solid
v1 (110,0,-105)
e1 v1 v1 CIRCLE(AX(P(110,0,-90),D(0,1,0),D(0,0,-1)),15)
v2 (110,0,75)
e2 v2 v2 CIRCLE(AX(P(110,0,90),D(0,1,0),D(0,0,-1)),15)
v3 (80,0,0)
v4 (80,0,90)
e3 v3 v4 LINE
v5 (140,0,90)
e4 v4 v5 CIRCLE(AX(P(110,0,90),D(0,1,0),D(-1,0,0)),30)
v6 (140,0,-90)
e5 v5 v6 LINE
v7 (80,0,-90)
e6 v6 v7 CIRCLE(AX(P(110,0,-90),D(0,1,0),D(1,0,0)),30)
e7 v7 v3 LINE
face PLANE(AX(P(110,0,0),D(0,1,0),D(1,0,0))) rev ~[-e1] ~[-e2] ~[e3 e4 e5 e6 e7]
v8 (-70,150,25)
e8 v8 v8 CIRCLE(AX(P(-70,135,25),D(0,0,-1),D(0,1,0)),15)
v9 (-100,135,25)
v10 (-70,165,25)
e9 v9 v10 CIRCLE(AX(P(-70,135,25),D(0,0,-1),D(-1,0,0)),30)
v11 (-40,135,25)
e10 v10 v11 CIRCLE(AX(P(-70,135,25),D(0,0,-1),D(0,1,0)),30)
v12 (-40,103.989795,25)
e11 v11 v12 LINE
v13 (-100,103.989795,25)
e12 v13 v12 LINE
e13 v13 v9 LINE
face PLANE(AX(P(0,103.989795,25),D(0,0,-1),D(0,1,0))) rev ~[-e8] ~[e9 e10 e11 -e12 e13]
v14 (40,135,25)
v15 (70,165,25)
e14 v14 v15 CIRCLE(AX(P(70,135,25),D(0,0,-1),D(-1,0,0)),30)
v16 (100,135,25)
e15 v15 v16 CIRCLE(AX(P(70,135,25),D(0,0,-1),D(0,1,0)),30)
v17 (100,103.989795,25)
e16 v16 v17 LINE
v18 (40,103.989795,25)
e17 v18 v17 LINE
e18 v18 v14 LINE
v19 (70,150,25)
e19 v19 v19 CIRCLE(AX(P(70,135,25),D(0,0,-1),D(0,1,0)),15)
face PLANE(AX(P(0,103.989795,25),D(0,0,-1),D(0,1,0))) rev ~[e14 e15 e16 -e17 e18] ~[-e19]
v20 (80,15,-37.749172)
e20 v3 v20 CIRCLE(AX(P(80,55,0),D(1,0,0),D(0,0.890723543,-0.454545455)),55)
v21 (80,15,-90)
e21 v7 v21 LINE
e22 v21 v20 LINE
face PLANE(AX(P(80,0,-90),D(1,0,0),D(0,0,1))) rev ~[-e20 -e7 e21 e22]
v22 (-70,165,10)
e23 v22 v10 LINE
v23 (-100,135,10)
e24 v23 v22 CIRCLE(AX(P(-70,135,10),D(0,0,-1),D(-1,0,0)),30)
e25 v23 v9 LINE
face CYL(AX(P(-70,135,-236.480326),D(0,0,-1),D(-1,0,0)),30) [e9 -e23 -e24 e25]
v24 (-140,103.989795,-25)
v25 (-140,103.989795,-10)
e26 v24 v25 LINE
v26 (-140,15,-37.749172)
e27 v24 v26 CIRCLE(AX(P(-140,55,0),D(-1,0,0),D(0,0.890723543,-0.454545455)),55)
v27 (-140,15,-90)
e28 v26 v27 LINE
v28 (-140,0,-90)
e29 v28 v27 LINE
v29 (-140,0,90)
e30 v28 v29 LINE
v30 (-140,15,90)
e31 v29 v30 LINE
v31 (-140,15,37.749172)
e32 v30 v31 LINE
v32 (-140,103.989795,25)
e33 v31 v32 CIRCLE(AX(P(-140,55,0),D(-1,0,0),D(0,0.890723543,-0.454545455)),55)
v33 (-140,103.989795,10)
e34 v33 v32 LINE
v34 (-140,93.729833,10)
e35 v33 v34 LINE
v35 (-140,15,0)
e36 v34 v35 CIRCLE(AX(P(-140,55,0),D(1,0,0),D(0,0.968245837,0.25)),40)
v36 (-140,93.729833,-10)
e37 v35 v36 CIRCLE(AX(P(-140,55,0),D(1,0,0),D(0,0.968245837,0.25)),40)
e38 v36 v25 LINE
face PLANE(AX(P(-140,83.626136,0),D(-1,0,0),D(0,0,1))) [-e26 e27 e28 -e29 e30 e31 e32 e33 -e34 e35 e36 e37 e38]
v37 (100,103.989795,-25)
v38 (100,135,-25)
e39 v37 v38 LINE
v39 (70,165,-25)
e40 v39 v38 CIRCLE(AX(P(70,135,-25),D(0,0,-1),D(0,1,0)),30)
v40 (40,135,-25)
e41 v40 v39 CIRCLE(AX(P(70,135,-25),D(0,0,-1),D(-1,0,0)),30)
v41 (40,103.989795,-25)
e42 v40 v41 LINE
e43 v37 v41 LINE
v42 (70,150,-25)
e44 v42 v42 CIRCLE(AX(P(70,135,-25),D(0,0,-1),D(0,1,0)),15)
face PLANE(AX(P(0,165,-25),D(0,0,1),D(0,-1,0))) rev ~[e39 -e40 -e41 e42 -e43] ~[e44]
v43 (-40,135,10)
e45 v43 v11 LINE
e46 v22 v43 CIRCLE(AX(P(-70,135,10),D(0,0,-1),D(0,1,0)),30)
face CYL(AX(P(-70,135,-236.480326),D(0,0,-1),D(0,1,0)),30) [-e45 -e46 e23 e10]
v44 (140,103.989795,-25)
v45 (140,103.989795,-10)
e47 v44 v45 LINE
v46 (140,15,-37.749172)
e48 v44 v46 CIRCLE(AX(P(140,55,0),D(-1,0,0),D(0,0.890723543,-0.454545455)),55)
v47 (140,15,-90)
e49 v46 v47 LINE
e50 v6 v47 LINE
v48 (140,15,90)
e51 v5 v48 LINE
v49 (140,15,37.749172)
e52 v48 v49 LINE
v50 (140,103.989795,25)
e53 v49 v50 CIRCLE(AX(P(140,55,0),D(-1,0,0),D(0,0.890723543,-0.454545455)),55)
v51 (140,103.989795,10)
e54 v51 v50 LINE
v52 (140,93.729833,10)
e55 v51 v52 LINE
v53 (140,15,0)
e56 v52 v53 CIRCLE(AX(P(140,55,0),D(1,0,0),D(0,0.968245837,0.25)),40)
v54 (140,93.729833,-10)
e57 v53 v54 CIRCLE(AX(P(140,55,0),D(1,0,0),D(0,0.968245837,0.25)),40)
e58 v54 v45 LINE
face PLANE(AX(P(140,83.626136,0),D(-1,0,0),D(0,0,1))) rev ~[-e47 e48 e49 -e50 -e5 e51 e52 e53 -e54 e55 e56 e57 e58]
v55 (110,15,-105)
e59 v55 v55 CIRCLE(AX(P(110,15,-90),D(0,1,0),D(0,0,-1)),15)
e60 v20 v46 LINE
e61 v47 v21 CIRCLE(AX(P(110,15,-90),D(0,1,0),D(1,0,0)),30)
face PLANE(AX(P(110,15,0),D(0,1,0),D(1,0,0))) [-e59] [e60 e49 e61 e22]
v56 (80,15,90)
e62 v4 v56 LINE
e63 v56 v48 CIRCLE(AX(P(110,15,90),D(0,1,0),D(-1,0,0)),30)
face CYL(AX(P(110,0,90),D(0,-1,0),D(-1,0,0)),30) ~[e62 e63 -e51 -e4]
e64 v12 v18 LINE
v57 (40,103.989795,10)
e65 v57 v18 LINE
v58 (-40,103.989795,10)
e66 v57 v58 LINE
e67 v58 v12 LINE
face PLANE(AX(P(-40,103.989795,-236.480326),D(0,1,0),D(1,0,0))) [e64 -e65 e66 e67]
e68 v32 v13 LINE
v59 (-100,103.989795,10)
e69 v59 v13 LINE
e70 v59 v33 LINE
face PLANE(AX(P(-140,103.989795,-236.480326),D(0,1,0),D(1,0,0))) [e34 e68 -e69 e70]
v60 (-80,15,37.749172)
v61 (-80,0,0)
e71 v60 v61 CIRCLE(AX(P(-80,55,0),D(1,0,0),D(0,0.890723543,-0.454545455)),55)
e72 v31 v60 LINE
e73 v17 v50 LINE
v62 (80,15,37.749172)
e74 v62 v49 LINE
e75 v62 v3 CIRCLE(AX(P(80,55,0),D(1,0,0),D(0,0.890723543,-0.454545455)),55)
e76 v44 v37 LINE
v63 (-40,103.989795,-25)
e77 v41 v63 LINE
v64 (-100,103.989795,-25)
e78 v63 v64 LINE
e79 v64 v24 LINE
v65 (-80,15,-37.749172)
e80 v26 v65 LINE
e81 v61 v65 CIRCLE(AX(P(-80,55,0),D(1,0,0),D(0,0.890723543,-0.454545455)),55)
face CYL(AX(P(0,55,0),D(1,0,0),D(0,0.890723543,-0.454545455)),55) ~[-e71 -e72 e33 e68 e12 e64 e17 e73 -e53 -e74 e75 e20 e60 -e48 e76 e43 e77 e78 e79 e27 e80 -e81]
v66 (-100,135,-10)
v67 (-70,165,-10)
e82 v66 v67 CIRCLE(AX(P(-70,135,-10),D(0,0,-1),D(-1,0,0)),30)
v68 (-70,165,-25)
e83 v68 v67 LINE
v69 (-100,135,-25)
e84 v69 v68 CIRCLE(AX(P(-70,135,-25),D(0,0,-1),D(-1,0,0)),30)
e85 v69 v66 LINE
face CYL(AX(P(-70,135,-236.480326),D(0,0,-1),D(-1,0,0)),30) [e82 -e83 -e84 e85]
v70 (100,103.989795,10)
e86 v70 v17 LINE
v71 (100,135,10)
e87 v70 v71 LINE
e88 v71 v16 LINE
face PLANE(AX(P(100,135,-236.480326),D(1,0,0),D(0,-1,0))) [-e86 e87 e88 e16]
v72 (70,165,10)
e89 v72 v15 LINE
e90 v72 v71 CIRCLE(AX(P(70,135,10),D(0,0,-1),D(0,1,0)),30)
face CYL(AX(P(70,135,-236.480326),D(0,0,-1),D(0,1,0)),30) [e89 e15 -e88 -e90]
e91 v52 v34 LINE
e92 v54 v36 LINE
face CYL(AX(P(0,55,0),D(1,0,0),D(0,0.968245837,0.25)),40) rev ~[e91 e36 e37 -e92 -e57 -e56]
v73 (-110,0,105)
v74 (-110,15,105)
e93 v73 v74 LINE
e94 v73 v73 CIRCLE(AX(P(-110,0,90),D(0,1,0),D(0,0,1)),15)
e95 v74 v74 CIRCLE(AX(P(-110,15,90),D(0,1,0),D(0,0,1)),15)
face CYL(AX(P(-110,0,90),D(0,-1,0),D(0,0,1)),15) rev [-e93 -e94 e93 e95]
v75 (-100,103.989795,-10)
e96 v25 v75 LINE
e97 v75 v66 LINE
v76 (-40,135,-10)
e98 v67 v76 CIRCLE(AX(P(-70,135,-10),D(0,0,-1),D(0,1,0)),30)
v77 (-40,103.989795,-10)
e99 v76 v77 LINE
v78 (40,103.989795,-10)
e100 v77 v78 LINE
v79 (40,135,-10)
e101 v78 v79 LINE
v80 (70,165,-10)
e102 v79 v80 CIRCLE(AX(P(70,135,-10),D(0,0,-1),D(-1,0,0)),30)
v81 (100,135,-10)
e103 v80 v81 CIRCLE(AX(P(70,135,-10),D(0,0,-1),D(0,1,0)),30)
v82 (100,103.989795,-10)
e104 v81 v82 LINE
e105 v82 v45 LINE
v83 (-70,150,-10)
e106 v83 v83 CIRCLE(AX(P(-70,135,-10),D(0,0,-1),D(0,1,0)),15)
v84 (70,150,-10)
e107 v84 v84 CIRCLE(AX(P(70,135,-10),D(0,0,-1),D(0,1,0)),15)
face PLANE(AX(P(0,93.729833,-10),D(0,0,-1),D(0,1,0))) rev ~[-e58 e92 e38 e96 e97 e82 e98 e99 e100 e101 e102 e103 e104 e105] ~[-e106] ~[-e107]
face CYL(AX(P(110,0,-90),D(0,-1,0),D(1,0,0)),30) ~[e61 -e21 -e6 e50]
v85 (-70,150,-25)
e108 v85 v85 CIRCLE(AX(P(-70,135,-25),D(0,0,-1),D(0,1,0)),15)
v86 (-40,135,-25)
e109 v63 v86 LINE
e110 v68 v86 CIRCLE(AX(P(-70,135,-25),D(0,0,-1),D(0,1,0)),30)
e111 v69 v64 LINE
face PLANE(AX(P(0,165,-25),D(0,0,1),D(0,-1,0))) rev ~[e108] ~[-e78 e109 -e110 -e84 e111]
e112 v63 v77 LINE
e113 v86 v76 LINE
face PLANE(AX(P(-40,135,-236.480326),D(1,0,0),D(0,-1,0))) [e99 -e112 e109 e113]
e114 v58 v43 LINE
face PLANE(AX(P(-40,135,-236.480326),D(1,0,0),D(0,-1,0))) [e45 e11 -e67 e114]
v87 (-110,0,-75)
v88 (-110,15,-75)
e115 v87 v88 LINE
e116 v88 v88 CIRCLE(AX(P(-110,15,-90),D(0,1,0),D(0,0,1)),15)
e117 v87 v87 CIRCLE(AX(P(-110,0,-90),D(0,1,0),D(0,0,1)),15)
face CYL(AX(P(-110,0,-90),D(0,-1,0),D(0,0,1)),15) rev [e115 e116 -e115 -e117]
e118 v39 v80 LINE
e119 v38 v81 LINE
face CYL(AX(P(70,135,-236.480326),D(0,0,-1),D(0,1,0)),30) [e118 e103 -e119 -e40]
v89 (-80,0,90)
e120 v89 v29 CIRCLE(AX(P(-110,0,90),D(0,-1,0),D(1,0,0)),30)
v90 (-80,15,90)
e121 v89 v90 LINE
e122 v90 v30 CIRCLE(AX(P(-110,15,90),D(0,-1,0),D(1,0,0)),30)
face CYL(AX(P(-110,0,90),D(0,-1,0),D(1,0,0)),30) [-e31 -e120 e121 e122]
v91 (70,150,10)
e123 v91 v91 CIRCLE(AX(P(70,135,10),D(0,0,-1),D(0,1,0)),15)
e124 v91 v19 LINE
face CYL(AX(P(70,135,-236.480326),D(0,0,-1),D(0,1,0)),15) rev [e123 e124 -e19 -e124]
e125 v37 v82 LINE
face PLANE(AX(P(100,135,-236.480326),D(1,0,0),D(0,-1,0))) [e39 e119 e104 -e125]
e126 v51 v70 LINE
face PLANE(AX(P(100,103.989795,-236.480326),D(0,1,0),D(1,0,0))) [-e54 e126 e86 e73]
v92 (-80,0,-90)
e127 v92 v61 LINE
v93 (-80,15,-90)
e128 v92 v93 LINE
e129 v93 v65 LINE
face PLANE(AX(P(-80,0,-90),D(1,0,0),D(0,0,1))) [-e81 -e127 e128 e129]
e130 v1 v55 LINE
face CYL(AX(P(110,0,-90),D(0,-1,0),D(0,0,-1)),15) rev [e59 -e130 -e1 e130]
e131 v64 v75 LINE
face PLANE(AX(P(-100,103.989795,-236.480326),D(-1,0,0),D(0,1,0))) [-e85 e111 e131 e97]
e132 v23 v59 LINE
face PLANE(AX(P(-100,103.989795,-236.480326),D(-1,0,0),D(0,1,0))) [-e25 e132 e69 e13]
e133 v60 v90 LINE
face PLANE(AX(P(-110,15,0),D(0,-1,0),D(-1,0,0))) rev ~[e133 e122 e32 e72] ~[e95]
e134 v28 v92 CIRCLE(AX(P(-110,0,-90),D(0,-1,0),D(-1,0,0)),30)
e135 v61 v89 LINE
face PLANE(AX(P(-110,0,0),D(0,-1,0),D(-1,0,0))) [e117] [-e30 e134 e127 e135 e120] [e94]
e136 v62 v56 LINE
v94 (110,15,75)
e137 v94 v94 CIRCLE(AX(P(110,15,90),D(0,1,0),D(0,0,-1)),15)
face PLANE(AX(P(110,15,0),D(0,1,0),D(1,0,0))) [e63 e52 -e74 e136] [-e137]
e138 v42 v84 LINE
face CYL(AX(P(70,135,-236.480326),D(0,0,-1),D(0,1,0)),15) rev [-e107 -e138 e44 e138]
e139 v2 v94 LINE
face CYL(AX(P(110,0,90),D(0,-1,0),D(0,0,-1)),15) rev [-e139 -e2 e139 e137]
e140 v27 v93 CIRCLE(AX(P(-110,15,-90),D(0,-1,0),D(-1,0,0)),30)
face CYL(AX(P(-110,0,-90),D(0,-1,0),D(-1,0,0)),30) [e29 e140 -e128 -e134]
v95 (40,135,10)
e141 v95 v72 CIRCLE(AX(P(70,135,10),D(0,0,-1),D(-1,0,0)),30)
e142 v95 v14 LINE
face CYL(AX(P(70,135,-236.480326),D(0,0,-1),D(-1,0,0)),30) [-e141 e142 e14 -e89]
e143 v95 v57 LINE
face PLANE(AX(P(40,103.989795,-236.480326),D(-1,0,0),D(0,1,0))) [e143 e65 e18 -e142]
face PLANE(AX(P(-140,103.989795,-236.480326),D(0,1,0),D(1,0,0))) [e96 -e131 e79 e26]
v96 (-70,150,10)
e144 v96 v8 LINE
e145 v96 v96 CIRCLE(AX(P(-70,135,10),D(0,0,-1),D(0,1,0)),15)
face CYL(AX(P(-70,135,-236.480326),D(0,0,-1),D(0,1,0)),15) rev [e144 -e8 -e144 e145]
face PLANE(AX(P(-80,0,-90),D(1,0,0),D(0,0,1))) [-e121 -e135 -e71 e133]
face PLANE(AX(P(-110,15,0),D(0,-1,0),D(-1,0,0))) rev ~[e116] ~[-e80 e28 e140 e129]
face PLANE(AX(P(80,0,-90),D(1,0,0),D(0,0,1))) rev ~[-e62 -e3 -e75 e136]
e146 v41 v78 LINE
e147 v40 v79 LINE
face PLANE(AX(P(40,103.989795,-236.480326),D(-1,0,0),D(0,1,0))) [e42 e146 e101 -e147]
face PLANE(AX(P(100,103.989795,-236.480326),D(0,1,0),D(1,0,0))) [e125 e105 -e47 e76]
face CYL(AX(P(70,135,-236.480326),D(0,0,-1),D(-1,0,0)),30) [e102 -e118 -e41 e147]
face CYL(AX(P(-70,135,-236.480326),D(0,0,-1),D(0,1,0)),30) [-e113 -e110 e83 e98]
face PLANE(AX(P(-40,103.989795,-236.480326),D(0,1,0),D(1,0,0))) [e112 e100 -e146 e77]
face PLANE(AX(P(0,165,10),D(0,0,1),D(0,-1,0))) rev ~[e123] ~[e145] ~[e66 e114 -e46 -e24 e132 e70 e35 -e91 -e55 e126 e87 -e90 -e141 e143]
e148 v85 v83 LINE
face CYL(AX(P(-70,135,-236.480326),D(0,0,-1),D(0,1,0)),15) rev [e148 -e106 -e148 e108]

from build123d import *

# Parameters (mm, degrees)
SKETCH2_R               = 15
BOSS_EXTRUDE1_DEPTH     = 15
BOSS_EXTRUDE1_2_DEPTH   = 15
BOSS_EXTRUDE2_DEPTH     = 140
CUT_EXTRUDE2_DEPTH      = 261.480325553
CUT_EXTRUDE2_DEPTH_BACK = 261.480325553
SKETCH4_R               = 15


with BuildPart() as part:
    # Sketch2 → Boss-Extrude1 (new body)
    with BuildSketch(Plane(origin=(0, 0, 0), x_dir=(1, 0, 0), z_dir=(0, 1, 0))):
        with BuildLine():
            Line((-140, -90), (-140, 90))
            ThreePointArc((-140, 90), (-110, 120), (-80, 90))
            Line((-80, 90), (-80, -90))
            ThreePointArc((-80, -90), (-110, -120), (-140, -90))
        make_face()
        with Locations(Location((-110, 90, 0), (0, 0, 270))):
            Circle(SKETCH2_R, mode=Mode.SUBTRACT)
        with Locations(Location((-110, -90, 0), (0, 0, 270))):
            Circle(SKETCH2_R, mode=Mode.SUBTRACT)
    extrude(amount=BOSS_EXTRUDE1_DEPTH)



with BuildPart() as body_2:
    # Sketch2 → Boss-Extrude1 2 (new body)
    with BuildSketch(Plane(origin=(0, 0, 0), x_dir=(1, 0, 0), z_dir=(0, 1, 0))):
        with BuildLine():
            Line((140, -90), (140, 90))
            ThreePointArc((140, 90), (110, 120), (80, 90))
            Line((80, 90), (80, -90))
            ThreePointArc((80, -90), (110, -120), (140, -90))
        make_face()
        with Locations(Location((110, -90, 0), (0, 0, 90))):
            Circle(SKETCH2_R, mode=Mode.SUBTRACT)
        with Locations(Location((110, 90, 0), (0, 0, 90))):
            Circle(SKETCH2_R, mode=Mode.SUBTRACT)
    extrude(amount=BOSS_EXTRUDE1_2_DEPTH)


with BuildPart() as part_1:
    add(part.part)

    add(body_2.part)  # Boss-Extrude2 merges body 2
    # Sketch3 → Boss-Extrude2 (add, symmetric)
    with BuildSketch(Plane(origin=(0, 0, 0), x_dir=(0, 0, -1), z_dir=(1, 0, 0))):
        with BuildLine():
            Line((-10, 165), (-10, 93.729833462))
            ThreePointArc((-10, 93.729833462), (0, 15), (10, 93.729833462))
            Line((10, 93.729833462), (10, 165))
            Line((10, 165), (25, 165))
            Line((25, 165), (25, 103.989794856))
            ThreePointArc((25, 103.989794856), (0, 0), (-25, 103.989794856))
            Line((-25, 103.989794856), (-25, 165))
            Line((-25, 165), (-10, 165))
        make_face()
    extrude(amount=BOSS_EXTRUDE2_DEPTH, both=True)

    # Sketch4 → Cut-Extrude2 (cut, two sides: drawn at the far end of the back side and taken through both)
    with BuildSketch(Plane.XY.offset(25).offset(-CUT_EXTRUDE2_DEPTH_BACK)):
        with BuildLine():
            Line((-140, 165), (-140, 103.989794856))
            Line((-140, 103.989794856), (-100, 103.989794856))
            Line((-100, 103.989794856), (-100, 135))
            ThreePointArc((-100, 135), (-91.213203436, 156.213203436), (-70, 165))
            Line((-70, 165), (-140, 165))
        make_face()
        with Locations(Location((-70, 135, 0), (0, 0, 90))):
            Circle(SKETCH4_R)
        with BuildLine():
            Line((-40, 135), (-40, 103.989794856))
            Line((-40, 103.989794856), (0, 103.989794856))
            Line((0, 103.989794856), (0, 165))
            Line((0, 165), (-70, 165))
            ThreePointArc((-70, 165), (-48.786796564, 156.213203436), (-40, 135))
        make_face()
        with BuildLine():
            Line((0, 165), (0, 103.989794856))
            Line((0, 103.989794856), (40, 103.989794856))
            Line((40, 103.989794856), (40, 135))
            ThreePointArc((40, 135), (48.786796564, 156.213203436), (70, 165))
            Line((70, 165), (0, 165))
        make_face()
        with Locations(Location((70, 135, 0), (0, 0, 90))):
            Circle(SKETCH4_R)
        with BuildLine():
            Line((140, 165), (70, 165))
            ThreePointArc((70, 165), (91.213203436, 156.213203436), (100, 135))
            Line((100, 135), (100, 103.989794856))
            Line((100, 103.989794856), (140, 103.989794856))
            Line((140, 103.989794856), (140, 165))
        make_face()
    extrude(amount=CUT_EXTRUDE2_DEPTH + CUT_EXTRUDE2_DEPTH_BACK, mode=Mode.SUBTRACT)


solid = part_1.part
